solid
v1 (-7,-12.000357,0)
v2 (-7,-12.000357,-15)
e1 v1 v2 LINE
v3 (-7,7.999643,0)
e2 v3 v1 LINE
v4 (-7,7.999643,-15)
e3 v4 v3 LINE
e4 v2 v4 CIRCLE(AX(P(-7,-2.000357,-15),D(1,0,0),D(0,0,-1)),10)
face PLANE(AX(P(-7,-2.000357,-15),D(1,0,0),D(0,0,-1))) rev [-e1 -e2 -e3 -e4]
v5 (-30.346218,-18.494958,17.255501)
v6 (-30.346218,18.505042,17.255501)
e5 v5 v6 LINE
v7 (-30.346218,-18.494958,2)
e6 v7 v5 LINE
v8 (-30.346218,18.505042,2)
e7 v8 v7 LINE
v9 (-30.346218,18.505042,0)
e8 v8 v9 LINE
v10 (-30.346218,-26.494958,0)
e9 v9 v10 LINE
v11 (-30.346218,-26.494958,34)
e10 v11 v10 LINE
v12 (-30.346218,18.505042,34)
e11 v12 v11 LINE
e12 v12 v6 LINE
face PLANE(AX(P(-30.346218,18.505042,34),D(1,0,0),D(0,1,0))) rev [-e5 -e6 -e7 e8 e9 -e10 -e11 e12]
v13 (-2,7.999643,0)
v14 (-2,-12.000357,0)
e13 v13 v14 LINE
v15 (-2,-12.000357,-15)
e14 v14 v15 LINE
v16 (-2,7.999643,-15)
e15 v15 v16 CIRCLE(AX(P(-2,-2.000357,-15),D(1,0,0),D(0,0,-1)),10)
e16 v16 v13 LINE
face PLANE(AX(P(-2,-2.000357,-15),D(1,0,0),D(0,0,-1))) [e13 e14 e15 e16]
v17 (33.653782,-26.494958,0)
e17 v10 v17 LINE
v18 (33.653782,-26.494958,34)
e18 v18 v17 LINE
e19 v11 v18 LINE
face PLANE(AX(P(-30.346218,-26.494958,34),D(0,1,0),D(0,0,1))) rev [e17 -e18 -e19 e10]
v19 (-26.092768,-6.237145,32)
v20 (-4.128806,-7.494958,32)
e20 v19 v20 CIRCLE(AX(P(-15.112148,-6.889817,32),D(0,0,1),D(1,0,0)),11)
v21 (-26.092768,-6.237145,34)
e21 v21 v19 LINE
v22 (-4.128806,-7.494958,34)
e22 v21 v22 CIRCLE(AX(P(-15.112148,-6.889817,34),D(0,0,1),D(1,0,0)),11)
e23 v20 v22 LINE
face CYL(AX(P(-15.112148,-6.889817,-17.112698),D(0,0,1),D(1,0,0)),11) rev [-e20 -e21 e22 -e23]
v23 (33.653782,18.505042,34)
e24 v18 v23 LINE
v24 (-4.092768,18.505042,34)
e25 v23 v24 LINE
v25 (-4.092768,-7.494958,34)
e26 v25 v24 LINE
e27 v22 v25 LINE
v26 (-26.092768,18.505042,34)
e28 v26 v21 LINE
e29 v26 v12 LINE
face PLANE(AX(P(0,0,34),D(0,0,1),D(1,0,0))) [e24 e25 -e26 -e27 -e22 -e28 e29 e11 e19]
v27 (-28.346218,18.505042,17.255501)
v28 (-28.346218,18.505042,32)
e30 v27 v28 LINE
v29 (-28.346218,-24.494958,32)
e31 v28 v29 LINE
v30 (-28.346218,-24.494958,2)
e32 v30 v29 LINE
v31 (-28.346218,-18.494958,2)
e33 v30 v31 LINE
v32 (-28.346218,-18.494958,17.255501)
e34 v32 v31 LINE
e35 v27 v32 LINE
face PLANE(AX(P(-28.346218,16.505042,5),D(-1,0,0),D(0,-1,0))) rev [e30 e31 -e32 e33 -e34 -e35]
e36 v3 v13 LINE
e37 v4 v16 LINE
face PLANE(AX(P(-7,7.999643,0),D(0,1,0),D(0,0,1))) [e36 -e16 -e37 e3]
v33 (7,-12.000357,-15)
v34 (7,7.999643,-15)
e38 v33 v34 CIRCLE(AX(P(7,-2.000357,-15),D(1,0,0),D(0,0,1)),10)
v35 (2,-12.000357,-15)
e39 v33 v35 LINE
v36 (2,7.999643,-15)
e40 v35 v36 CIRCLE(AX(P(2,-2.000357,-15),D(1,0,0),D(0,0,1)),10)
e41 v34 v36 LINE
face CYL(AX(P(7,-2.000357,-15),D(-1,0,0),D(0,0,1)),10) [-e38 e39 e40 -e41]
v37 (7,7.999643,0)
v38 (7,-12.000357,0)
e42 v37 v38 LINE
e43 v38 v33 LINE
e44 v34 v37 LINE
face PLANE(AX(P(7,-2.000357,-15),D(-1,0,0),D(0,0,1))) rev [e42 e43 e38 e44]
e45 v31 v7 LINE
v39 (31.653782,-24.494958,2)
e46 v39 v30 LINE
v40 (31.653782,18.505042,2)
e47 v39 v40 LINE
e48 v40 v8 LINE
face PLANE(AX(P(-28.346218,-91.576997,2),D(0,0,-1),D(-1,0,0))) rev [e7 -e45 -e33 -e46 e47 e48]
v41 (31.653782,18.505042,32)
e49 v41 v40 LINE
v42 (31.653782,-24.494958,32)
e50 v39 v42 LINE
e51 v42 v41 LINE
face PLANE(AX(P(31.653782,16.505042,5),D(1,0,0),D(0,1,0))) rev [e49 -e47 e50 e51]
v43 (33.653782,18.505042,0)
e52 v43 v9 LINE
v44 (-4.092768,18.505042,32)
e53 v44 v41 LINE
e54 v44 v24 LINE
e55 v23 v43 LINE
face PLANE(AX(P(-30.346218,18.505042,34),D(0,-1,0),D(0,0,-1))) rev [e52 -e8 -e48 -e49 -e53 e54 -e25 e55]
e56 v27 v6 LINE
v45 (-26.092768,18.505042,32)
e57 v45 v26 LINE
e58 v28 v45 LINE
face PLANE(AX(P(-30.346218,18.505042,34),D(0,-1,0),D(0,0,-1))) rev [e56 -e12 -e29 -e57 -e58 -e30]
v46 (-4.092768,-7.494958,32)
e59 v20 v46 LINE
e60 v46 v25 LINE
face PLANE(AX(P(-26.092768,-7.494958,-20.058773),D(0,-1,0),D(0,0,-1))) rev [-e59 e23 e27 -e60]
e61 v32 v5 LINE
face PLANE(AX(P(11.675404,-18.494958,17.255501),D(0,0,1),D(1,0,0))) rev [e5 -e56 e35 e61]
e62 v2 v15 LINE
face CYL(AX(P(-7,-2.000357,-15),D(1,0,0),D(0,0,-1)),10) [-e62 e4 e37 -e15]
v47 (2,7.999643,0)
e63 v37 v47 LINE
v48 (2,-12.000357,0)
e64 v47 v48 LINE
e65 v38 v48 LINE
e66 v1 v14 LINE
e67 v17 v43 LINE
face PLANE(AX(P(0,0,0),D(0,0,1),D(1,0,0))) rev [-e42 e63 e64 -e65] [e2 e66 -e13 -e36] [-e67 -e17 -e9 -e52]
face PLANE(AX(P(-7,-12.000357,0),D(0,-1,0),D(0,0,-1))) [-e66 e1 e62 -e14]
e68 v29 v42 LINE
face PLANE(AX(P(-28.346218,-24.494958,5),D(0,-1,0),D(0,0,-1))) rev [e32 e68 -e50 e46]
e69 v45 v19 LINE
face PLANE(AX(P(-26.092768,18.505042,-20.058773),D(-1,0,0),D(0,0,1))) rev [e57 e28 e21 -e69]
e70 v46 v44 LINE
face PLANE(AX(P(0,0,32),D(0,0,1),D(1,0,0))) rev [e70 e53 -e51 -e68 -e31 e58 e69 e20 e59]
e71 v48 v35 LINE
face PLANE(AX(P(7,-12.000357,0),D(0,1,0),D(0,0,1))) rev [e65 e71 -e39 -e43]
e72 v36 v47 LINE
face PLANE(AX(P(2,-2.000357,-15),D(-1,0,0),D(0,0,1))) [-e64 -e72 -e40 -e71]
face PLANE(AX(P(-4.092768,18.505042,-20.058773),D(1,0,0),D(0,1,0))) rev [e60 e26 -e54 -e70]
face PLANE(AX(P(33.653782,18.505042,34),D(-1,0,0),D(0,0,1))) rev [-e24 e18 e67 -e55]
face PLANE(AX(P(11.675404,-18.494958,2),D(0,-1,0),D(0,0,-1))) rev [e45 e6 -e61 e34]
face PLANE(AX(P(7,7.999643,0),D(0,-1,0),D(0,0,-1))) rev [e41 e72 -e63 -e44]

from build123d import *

# Parameters (mm, degrees)
SKETCH1_W           = 64
SKETCH1_H           = 45
BOSS_EXTRUDE1_DEPTH = 34
CUT_EXTRUDE2_START  = -2
SKETCH3_W           = 60
SKETCH3_H           = 41
CUT_EXTRUDE2_DEPTH  = 27
SKETCH4_W           = 60
SKETCH4_H           = 30
CUT_EXTRUDE3_DEPTH  = 43
BOSS_EXTRUDE2_START = 2
BOSS_EXTRUDE2_DEPTH = 5
BOSS_EXTRUDE3_START = -7
BOSS_EXTRUDE3_DEPTH = 5
SKETCH10_W          = 15.255500618
SKETCH10_H          = 37
CUT_EXTRUDE5_DEPTH  = 2
SKETCH15_W          = 22
SKETCH15_H          = 26
CUT_EXTRUDE6_DEPTH  = 10
SKETCH20_R          = 11
CUT_EXTRUDE7_DEPTH  = 10


with BuildPart() as part:
    # Sketch1 → Boss-Extrude1 (new body)
    with BuildSketch(Plane.XY):
        with Locations((1.653781513, -3.994957983)):
            Rectangle(SKETCH1_W, SKETCH1_H)
    extrude(amount=BOSS_EXTRUDE1_DEPTH)

    # Sketch3 → Cut-Extrude2 (cut)
    with BuildSketch(Plane.XY.offset(34).offset(CUT_EXTRUDE2_START)):
        with Locations((1.653781513, -3.994957983)):
            Rectangle(SKETCH3_W, SKETCH3_H)
    extrude(amount=-CUT_EXTRUDE2_DEPTH, mode=Mode.SUBTRACT)

    # Sketch4 → Cut-Extrude3 (cut)
    with BuildSketch(Plane(origin=(0, 18.505042017, 0), x_dir=(1, 0, 0), z_dir=(0, 1, 0))):
        with Locations((1.653781513, -17)):
            Rectangle(SKETCH4_W, SKETCH4_H)
    extrude(amount=-CUT_EXTRUDE3_DEPTH, mode=Mode.SUBTRACT)

    # Sketch7 → Boss-Extrude2 (add)
    with BuildSketch(Plane(origin=(0, 0, 0), x_dir=(0, 0, -1), z_dir=(1, 0, 0)).offset(BOSS_EXTRUDE2_START)):
        with BuildLine():
            Line((0, 7.999642933), (15, 7.999642933))
            ThreePointArc((15, 7.999642933), (25, -2.000357067), (15, -12.000357067))
            Line((15, -12.000357067), (0, -12.000357067))
            Line((0, -12.000357067), (0, 7.999642933))
        make_face()
    extrude(amount=BOSS_EXTRUDE2_DEPTH)

    # Sketch8 → Boss-Extrude3 (add)
    with BuildSketch(Plane(origin=(0, 0, 0), x_dir=(0, 0, -1), z_dir=(1, 0, 0)).offset(BOSS_EXTRUDE3_START)):
        with BuildLine():
            Line((0, -12.000357067), (0, 7.999642933))
            Line((0, 7.999642933), (15, 7.999642933))
            ThreePointArc((15, 7.999642933), (25, -2.000357067), (15, -12.000357067))
            Line((15, -12.000357067), (0, -12.000357067))
        make_face()
    extrude(amount=BOSS_EXTRUDE3_DEPTH)

    # Sketch10 → Cut-Extrude5 (cut)
    with BuildSketch(Plane.ZY.offset(30.346218487)):
        with Locations((9.627750309, 0.005042017)):
            Rectangle(SKETCH10_W, SKETCH10_H)
    extrude(amount=-CUT_EXTRUDE5_DEPTH, mode=Mode.SUBTRACT)

    # Sketch15 → Cut-Extrude6 (cut)
    with BuildSketch(Plane.XY.offset(34)):
        with Locations((-15.092768172, 5.505042017)):
            Rectangle(SKETCH15_W, SKETCH15_H)
    extrude(amount=-CUT_EXTRUDE6_DEPTH, mode=Mode.SUBTRACT)

    # Sketch20 → Cut-Extrude7 (cut)
    with BuildSketch(Plane.XY.offset(34)):
        with Locations((-15.112148053, -6.889817492)):
            Circle(SKETCH20_R)
    extrude(amount=-CUT_EXTRUDE7_DEPTH, mode=Mode.SUBTRACT)


solid = part.part
